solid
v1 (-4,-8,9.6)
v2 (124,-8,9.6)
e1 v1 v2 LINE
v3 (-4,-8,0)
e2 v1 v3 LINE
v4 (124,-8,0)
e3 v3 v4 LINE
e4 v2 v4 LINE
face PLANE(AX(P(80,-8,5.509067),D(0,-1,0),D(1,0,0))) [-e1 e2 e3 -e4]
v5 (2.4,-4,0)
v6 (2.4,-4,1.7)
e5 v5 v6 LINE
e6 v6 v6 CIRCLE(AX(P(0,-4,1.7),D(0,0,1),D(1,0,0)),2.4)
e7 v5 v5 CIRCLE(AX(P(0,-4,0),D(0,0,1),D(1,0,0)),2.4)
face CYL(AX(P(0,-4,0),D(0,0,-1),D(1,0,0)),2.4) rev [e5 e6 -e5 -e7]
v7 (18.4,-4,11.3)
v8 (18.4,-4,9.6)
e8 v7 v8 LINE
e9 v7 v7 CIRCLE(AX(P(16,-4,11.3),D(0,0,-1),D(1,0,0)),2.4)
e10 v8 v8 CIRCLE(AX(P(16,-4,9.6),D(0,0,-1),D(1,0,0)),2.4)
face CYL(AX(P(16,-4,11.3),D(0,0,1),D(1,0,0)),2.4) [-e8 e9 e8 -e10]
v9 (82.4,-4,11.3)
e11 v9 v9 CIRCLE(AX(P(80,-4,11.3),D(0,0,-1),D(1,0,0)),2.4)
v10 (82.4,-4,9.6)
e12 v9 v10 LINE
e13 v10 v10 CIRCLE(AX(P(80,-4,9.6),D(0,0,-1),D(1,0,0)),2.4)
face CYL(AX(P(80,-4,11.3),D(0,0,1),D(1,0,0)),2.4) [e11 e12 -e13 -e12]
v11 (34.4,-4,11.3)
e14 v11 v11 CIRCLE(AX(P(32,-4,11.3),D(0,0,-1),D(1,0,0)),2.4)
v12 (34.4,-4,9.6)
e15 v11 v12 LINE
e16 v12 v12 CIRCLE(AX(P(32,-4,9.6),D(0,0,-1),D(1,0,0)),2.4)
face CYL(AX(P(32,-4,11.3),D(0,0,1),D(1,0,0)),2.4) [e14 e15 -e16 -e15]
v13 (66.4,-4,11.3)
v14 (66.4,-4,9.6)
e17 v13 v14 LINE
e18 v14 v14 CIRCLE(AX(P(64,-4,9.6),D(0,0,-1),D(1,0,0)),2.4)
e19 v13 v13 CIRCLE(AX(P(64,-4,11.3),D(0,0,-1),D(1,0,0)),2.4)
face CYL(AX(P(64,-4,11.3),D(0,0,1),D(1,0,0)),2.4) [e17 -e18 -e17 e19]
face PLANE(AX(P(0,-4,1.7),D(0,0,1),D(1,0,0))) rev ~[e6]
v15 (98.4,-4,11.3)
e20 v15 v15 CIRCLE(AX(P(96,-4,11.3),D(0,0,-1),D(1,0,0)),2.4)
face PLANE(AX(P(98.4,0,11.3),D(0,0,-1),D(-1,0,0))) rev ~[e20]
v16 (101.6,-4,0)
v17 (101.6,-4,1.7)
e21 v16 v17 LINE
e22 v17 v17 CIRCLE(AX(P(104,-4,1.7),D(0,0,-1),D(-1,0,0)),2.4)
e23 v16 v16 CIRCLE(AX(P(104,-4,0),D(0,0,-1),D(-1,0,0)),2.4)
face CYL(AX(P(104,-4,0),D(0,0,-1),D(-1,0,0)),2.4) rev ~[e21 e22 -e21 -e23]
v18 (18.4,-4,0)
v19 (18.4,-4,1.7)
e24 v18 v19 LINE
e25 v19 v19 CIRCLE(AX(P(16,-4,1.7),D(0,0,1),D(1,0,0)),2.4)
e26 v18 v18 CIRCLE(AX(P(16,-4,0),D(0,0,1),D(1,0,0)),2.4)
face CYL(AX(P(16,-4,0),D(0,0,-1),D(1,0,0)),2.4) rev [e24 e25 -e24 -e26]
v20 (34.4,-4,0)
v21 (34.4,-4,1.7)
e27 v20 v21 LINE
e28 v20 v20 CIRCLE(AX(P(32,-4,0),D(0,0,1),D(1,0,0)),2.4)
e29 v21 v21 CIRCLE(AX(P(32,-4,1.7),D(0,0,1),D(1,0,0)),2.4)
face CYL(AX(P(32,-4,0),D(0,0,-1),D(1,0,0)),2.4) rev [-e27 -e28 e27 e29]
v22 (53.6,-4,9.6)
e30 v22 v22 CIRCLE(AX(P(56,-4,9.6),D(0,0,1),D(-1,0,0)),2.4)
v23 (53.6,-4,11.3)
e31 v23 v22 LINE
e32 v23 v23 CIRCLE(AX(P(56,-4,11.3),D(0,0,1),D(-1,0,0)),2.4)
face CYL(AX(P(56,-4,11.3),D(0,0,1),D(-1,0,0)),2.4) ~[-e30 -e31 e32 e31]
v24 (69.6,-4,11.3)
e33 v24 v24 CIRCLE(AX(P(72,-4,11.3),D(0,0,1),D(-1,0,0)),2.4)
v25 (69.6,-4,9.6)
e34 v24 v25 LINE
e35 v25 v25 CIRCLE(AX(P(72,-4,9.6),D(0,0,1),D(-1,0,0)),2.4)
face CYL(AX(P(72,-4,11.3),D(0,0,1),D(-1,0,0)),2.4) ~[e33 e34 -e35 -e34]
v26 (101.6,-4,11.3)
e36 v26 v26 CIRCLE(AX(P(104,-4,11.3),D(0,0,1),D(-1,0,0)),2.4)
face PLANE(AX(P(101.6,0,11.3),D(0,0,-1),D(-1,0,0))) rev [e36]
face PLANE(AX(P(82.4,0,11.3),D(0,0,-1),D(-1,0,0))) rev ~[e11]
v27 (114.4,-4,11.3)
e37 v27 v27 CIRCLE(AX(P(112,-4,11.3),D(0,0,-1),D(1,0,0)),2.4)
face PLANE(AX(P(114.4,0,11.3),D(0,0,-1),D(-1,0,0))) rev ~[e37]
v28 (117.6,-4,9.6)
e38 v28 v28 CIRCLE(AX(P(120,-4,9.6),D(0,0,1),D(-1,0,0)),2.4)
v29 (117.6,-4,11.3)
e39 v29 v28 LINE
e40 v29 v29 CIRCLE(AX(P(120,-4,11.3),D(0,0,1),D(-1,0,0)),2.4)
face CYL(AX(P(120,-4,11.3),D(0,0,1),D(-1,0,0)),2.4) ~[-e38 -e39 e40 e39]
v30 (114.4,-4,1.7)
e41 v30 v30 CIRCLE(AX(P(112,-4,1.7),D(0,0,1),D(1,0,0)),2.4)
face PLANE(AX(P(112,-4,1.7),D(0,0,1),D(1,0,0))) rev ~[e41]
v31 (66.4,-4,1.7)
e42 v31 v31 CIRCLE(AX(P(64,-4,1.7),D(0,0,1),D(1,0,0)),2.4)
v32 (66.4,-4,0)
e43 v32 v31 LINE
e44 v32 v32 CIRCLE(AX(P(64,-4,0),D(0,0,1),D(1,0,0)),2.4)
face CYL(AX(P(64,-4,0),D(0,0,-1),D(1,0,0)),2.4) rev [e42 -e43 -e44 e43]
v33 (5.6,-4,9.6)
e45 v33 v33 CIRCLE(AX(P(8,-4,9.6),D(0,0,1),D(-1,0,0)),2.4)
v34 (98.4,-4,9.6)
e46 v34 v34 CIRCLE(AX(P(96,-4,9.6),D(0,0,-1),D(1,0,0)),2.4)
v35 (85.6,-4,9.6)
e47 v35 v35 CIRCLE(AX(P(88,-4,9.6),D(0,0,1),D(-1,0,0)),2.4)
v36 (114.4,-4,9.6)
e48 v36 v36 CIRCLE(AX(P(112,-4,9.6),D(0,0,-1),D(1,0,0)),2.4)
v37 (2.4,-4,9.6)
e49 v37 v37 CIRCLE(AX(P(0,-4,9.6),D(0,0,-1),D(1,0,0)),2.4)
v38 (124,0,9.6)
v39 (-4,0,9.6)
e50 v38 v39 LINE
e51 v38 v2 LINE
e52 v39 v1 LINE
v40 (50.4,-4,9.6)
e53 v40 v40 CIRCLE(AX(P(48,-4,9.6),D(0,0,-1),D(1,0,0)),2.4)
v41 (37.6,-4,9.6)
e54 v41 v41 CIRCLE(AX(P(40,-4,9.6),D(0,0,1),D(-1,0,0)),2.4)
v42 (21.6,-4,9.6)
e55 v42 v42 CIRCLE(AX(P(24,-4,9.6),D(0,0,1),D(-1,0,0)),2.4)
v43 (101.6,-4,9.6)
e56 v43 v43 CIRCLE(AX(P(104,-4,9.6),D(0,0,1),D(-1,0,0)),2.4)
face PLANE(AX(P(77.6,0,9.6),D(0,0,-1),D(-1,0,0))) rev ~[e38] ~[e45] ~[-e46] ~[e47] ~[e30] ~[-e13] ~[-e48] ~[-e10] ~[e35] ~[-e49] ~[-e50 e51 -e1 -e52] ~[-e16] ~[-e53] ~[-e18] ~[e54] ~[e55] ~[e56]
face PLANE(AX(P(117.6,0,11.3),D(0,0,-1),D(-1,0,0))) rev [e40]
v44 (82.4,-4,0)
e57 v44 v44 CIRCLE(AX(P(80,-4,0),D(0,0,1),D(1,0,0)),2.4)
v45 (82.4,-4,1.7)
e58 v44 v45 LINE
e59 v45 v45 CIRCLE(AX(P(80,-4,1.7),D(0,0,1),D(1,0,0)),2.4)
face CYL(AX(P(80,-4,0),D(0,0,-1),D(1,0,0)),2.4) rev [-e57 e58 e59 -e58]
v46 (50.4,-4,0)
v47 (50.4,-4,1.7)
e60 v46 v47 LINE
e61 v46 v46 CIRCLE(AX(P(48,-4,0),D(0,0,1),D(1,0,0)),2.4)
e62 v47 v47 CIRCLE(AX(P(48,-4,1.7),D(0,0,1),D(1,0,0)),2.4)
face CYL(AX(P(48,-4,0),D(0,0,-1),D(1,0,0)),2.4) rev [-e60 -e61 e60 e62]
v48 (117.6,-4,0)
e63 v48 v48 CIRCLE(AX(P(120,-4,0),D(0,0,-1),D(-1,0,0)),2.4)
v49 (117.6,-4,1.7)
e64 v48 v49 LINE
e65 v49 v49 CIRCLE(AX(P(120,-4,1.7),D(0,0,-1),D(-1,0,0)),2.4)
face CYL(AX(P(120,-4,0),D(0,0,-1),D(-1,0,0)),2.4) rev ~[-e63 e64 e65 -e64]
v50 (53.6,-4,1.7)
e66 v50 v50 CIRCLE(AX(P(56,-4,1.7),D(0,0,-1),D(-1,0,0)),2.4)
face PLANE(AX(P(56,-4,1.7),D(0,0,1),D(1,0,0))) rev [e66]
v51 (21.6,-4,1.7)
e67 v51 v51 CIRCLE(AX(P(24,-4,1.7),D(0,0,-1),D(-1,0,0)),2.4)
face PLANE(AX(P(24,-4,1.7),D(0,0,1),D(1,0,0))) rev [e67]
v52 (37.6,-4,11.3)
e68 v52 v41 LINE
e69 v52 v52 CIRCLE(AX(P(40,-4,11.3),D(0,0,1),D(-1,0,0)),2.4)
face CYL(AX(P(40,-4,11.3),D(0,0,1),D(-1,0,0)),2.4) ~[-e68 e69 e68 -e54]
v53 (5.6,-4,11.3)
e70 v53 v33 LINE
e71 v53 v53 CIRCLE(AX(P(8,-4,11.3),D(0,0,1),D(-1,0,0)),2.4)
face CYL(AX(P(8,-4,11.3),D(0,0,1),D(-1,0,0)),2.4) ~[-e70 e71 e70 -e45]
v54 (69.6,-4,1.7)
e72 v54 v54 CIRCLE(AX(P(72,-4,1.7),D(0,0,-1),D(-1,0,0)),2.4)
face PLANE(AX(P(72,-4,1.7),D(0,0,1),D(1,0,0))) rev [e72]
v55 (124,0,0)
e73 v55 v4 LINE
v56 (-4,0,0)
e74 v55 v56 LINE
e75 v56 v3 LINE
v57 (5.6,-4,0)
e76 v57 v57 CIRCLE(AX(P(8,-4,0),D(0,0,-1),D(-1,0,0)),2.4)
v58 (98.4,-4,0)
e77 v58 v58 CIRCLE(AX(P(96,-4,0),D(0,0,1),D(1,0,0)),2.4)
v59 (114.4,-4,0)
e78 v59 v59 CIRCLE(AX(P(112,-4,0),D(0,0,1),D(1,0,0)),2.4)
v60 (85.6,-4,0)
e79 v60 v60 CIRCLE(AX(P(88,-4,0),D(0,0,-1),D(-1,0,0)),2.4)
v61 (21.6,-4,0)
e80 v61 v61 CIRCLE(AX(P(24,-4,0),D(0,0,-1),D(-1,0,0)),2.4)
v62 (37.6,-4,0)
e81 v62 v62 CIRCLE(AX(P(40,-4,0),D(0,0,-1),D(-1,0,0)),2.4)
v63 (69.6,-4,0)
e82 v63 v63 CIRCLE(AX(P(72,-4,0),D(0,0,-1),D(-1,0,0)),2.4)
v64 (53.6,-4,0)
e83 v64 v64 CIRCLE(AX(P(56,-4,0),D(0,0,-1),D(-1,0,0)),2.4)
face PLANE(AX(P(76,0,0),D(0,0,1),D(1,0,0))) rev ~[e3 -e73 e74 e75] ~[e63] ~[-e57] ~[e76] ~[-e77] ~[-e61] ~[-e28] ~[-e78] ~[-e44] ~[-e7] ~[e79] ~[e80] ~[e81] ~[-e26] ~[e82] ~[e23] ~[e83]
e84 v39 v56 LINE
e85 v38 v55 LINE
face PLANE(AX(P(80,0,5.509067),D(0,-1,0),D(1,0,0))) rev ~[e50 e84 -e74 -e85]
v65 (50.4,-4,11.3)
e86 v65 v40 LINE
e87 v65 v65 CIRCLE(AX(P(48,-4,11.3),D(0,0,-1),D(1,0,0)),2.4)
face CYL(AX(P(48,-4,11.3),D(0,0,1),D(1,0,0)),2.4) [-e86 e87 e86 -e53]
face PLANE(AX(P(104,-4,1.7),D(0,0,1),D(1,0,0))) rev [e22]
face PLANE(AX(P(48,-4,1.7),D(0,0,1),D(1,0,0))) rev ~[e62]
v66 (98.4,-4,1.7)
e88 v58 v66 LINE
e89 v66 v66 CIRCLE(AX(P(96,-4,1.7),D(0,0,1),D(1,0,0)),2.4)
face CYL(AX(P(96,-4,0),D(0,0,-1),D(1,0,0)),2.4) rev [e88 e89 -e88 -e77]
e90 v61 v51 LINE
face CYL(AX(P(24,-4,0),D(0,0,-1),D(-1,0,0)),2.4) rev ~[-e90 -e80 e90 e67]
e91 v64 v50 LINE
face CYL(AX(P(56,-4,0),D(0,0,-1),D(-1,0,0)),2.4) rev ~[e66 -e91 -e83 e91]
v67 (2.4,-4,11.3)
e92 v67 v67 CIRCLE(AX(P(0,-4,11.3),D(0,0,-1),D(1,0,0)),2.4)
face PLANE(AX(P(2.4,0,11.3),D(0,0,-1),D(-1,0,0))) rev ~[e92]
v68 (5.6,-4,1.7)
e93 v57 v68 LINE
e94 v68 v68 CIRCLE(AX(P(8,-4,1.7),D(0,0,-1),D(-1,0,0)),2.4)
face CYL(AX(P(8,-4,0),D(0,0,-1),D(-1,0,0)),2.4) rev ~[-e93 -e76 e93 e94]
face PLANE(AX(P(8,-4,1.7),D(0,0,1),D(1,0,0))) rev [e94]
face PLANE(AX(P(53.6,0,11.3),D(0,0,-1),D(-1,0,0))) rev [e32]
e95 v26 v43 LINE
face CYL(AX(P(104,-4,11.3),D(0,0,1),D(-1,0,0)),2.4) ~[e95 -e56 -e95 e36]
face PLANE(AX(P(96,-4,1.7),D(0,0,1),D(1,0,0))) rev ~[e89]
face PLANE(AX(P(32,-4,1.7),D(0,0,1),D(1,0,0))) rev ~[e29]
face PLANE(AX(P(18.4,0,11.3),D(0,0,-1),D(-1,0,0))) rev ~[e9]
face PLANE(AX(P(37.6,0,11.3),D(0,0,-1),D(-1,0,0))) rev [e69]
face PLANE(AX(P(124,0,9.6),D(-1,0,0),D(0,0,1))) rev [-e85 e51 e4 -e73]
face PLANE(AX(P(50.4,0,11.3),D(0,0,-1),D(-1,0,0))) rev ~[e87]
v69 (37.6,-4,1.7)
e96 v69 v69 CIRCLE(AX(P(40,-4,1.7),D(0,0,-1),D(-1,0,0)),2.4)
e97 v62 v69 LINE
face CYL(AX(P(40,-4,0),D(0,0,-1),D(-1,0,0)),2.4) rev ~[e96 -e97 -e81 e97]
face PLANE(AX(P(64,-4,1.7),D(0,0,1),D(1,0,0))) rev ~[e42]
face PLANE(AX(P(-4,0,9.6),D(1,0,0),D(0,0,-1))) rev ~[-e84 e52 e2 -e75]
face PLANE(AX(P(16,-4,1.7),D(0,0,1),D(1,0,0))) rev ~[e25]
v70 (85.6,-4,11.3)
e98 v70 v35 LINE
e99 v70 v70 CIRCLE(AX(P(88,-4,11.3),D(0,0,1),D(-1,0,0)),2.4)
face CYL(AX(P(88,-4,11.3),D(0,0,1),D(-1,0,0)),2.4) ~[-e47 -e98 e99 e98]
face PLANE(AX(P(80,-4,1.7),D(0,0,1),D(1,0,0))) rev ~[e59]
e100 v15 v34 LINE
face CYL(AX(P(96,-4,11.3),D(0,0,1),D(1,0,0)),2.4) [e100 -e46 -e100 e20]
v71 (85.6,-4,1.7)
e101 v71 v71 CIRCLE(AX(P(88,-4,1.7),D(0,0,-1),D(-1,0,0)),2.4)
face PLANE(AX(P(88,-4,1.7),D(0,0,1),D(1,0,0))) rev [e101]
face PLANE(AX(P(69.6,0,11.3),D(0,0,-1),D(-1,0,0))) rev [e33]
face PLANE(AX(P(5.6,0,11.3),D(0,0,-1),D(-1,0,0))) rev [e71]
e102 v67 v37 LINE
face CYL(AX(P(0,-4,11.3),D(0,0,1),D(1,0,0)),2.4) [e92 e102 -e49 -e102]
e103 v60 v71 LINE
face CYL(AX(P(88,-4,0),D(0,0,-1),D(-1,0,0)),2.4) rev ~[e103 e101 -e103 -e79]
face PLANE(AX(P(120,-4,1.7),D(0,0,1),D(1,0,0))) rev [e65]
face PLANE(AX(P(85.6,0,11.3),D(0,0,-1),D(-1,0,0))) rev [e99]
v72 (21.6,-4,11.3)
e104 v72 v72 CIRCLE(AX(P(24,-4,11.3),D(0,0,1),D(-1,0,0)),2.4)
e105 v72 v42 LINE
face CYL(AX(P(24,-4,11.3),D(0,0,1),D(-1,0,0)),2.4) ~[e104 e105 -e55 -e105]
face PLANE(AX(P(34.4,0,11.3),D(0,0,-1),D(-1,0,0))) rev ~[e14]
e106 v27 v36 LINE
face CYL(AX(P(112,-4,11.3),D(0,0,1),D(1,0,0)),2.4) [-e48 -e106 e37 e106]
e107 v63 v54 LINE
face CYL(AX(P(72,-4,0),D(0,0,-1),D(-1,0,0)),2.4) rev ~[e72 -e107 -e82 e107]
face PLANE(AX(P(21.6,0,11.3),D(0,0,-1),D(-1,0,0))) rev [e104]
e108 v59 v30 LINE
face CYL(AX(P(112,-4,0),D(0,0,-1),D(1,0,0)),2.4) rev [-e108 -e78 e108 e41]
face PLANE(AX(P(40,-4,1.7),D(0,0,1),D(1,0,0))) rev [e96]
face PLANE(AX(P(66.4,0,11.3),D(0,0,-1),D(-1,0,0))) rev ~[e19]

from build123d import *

# Parameters (mm, degrees)
F1_DEPTH = 8
F3_W     = 8
F3_H     = 8
F3_R     = 2.4
F4_DEPTH = 1.7
F5_R     = 2.4
F6_DEPTH = 1.7


with BuildPart() as f1:
    # F0 (on Front) → F1 (new body)
    with BuildSketch(Plane.XZ):
        Polygon((-2.4, 9.6), (-4, 9.6), (-4, 0), (4, 0), (4, 9.6), (2.4, 9.6), (2.4, 11.3), (-2.4, 11.3), align=None)
    extrude(amount=F1_DEPTH)

    # F3 (on plane+point) → F4 (cut, through all)
    with BuildSketch(Plane.XY.offset(11.3)):
        with Locations((0, -4)):
            Rectangle(F3_W, F3_H)
        with Locations((0, -4)):
            Circle(F3_R, mode=Mode.SUBTRACT)
    extrude(amount=-F4_DEPTH, mode=Mode.SUBTRACT)

    # F5 (on Top) → F6 (cut)
    with BuildSketch(Plane.XY):
        with Locations((0, -4)):
            Circle(F5_R)
    extrude(amount=F6_DEPTH, mode=Mode.SUBTRACT)

    # F8: F1 across plane


with BuildPart() as f1_1:
    add(f1.part)
    add(f1.part.mirror(Plane.YZ.offset(4)))

    # F10: F1 across plane


with BuildPart() as f1_2:
    add(f1_1.part)
    add(f1_1.part.mirror(Plane.YZ.offset(12)))

    # F12: F1 across plane


with BuildPart() as f1_3:
    add(f1_2.part)
    add(f1_2.part.mirror(Plane.YZ.offset(28)))

    # F13: F1 across face


with BuildPart() as f1_4:
    add(f1_3.part)
    add(f1_3.part.mirror(Plane(origin=(60, -4, 4.8), x_dir=(0, 1, 0), z_dir=(1, 0, 0))))


solid = f1_4.part
